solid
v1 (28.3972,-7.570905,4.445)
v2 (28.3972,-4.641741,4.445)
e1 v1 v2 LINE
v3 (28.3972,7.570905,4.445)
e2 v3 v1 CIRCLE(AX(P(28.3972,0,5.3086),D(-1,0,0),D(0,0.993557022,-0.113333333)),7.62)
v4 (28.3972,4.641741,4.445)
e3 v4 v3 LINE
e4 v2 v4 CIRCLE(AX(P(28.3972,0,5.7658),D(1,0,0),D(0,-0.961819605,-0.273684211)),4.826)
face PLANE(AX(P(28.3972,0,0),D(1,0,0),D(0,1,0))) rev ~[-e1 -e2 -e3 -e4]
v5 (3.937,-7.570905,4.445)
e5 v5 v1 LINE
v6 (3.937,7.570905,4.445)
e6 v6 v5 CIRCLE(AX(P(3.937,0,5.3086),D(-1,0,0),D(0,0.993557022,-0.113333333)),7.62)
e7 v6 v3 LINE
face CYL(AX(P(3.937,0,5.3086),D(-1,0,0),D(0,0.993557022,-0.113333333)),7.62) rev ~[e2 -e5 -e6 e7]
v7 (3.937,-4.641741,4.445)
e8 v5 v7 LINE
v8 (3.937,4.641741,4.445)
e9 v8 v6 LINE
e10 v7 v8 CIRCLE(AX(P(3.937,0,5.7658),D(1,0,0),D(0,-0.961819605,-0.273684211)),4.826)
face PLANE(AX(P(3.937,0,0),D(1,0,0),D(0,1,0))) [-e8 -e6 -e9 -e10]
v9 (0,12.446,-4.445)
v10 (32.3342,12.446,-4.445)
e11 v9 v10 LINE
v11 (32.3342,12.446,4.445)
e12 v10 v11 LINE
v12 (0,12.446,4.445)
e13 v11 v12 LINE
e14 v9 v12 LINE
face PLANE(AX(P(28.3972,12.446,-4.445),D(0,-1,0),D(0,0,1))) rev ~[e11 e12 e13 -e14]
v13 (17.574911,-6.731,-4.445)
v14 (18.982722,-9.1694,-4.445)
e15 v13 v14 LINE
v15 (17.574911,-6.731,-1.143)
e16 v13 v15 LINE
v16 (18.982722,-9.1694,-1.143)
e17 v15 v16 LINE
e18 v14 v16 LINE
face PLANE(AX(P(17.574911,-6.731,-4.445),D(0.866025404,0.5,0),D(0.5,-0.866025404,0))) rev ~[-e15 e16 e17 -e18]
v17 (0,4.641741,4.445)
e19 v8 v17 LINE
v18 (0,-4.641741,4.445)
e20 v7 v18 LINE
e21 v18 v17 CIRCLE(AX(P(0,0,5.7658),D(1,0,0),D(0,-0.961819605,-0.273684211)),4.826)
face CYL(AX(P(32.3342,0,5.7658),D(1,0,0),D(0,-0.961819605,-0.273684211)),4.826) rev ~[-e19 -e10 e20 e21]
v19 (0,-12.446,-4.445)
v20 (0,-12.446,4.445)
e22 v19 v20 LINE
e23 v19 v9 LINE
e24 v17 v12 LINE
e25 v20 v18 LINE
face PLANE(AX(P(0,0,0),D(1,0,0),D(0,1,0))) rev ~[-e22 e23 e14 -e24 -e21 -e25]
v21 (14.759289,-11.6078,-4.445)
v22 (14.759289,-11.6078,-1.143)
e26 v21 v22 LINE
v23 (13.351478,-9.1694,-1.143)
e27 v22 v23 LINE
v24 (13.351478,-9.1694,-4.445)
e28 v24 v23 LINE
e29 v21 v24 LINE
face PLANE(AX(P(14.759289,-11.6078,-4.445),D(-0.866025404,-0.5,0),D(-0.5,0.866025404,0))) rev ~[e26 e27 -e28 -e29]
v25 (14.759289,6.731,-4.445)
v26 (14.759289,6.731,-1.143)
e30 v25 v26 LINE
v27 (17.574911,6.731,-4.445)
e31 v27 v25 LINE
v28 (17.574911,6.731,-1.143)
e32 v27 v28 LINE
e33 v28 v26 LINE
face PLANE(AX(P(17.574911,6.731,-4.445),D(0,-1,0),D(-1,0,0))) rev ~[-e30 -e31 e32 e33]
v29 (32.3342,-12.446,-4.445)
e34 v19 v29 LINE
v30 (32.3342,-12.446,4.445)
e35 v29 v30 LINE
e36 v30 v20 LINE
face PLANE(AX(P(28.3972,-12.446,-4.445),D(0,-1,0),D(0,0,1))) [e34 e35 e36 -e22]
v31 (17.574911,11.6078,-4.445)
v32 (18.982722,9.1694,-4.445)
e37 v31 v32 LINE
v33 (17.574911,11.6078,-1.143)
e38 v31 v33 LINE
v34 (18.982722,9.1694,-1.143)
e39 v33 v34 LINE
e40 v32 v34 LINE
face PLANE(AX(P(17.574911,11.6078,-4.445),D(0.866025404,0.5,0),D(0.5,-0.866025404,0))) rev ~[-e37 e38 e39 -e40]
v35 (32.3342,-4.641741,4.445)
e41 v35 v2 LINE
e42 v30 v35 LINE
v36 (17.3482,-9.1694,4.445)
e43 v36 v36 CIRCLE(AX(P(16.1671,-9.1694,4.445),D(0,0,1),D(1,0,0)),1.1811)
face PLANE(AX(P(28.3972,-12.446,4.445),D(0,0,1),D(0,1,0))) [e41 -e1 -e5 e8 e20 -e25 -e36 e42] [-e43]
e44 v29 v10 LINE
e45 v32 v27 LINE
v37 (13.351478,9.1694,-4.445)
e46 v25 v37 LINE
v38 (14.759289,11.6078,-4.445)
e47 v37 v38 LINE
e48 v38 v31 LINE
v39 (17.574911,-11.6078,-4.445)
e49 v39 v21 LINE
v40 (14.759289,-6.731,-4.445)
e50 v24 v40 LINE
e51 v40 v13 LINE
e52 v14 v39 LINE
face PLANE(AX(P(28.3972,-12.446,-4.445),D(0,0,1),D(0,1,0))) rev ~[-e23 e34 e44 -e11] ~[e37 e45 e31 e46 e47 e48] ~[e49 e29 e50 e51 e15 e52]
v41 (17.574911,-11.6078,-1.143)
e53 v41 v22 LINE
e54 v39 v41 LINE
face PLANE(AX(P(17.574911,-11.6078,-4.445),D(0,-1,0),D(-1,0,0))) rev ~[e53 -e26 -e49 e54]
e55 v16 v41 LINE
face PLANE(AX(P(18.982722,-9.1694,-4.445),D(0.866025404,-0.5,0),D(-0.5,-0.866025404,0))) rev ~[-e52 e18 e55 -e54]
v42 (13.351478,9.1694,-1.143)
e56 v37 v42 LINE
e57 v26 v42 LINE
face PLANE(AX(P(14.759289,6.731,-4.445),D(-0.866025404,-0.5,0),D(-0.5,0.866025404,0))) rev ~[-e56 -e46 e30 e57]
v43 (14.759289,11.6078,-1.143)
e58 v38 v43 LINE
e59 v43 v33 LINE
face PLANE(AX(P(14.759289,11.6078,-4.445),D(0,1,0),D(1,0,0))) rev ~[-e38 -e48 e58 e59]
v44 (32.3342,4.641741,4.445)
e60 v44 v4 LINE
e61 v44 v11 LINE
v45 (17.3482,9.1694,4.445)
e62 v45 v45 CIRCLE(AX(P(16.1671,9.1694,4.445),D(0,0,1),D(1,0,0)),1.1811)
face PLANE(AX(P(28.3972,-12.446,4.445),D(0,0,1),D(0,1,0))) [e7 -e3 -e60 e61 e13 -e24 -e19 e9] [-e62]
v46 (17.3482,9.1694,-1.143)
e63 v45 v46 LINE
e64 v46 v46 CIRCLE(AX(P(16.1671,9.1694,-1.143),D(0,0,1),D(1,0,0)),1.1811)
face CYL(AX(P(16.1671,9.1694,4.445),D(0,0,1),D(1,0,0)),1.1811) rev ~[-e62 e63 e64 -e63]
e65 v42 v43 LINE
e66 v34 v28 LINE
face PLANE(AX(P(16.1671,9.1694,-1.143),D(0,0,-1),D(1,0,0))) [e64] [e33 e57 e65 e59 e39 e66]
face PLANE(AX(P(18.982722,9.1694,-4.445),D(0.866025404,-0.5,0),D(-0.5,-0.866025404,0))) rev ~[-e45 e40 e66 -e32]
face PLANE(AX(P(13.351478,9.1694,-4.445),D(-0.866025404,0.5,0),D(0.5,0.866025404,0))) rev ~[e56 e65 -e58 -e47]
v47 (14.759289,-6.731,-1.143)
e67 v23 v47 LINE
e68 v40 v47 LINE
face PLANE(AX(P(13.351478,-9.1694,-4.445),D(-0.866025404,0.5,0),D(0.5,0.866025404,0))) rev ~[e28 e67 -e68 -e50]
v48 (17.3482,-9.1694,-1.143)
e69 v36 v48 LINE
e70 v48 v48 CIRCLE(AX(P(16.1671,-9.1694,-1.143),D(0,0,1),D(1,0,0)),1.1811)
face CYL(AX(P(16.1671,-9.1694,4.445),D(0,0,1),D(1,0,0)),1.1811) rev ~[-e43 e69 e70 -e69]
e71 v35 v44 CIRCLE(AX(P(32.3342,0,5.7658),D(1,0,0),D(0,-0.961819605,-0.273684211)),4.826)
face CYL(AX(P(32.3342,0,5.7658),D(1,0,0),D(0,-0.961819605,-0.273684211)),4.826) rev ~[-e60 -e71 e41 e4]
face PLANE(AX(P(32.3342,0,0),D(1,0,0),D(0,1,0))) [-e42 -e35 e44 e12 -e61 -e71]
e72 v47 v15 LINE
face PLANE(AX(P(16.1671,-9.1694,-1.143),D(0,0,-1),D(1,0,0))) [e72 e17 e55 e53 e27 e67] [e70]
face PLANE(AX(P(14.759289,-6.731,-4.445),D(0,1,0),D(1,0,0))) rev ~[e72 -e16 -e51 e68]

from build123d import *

# Parameters (mm, degrees)
F0_W      = 24.892
F0_H      = 8.89
F1_DEPTH  = 3.937
F3_DEPTH  = 24.4602
F4_W      = 24.892
F4_H      = 8.89
F5_DEPTH  = 3.937
F7_DEPTH  = 32.3352
F8_R      = 1.1811
F9_DEPTH  = 8.891
F11_DEPTH = 3.302


with BuildPart() as f1:
    # F0 (on Right) → F1 (new body)
    with BuildSketch(Plane.YZ):
        Rectangle(F0_W, F0_H)
    extrude(amount=F1_DEPTH)

    # F2 (on face) → F3 (join)
    with BuildSketch(Plane.YZ.offset(3.937)):
        with BuildLine():
            Line((-7.5709045061, 4.445), (-12.446, 4.445))
            Line((-12.446, 4.445), (-12.446, -4.445))
            Line((-12.446, -4.445), (12.446, -4.445))
            Line((12.446, -4.445), (12.446, 4.445))
            Line((12.446, 4.445), (7.5709045061, 4.445))
            ThreePointArc((7.5709045061, 4.445), (0, -2.3114), (-7.5709045061, 4.445))
        make_face()
    extrude(amount=F3_DEPTH)

    # F4 (on face) → F5 (join)
    with BuildSketch(Plane.YZ.offset(28.3972)):
        Rectangle(F4_W, F4_H)
    extrude(amount=F5_DEPTH)

    # F6 (on face) → F7 (cut, through all)
    with BuildSketch(Plane.YZ.offset(32.3342)):
        with BuildLine():
            Line((4.6417414146, 4.445), (-4.6417414146, 4.445))
            ThreePointArc((-4.6417414146, 4.445), (0, 0.9398), (4.6417414146, 4.445))
        make_face()
    extrude(amount=-F7_DEPTH, mode=Mode.SUBTRACT)

    # F8 (on face) → F9 (cut, through all)
    with BuildSketch(Plane.XY.offset(4.445)):
        with Locations((16.1671, -9.1694)):
            Circle(F8_R)
        with Locations((16.1671, 9.1694)):
            Circle(F8_R)
    extrude(amount=-F9_DEPTH, mode=Mode.SUBTRACT)

    # F10 (on face) → F11 (cut)
    with BuildSketch(Plane(origin=(0, 0, -4.445), x_dir=(1, 0, 0), z_dir=(0, 0, -1))):
        Polygon((14.7592891036, -6.731), (13.3514782072, -9.1694), (14.7592891036, -11.6078), (17.5749108964, -11.6078), (18.9827217928, -9.1694), (17.5749108964, -6.731), align=None)
        Polygon((13.3514782072, 9.1694), (14.7592891036, 6.731), (17.5749108964, 6.731), (18.9827217928, 9.1694), (17.5749108964, 11.6078), (14.7592891036, 11.6078), align=None)
    extrude(amount=-F11_DEPTH, mode=Mode.SUBTRACT)


solid = f1.part
